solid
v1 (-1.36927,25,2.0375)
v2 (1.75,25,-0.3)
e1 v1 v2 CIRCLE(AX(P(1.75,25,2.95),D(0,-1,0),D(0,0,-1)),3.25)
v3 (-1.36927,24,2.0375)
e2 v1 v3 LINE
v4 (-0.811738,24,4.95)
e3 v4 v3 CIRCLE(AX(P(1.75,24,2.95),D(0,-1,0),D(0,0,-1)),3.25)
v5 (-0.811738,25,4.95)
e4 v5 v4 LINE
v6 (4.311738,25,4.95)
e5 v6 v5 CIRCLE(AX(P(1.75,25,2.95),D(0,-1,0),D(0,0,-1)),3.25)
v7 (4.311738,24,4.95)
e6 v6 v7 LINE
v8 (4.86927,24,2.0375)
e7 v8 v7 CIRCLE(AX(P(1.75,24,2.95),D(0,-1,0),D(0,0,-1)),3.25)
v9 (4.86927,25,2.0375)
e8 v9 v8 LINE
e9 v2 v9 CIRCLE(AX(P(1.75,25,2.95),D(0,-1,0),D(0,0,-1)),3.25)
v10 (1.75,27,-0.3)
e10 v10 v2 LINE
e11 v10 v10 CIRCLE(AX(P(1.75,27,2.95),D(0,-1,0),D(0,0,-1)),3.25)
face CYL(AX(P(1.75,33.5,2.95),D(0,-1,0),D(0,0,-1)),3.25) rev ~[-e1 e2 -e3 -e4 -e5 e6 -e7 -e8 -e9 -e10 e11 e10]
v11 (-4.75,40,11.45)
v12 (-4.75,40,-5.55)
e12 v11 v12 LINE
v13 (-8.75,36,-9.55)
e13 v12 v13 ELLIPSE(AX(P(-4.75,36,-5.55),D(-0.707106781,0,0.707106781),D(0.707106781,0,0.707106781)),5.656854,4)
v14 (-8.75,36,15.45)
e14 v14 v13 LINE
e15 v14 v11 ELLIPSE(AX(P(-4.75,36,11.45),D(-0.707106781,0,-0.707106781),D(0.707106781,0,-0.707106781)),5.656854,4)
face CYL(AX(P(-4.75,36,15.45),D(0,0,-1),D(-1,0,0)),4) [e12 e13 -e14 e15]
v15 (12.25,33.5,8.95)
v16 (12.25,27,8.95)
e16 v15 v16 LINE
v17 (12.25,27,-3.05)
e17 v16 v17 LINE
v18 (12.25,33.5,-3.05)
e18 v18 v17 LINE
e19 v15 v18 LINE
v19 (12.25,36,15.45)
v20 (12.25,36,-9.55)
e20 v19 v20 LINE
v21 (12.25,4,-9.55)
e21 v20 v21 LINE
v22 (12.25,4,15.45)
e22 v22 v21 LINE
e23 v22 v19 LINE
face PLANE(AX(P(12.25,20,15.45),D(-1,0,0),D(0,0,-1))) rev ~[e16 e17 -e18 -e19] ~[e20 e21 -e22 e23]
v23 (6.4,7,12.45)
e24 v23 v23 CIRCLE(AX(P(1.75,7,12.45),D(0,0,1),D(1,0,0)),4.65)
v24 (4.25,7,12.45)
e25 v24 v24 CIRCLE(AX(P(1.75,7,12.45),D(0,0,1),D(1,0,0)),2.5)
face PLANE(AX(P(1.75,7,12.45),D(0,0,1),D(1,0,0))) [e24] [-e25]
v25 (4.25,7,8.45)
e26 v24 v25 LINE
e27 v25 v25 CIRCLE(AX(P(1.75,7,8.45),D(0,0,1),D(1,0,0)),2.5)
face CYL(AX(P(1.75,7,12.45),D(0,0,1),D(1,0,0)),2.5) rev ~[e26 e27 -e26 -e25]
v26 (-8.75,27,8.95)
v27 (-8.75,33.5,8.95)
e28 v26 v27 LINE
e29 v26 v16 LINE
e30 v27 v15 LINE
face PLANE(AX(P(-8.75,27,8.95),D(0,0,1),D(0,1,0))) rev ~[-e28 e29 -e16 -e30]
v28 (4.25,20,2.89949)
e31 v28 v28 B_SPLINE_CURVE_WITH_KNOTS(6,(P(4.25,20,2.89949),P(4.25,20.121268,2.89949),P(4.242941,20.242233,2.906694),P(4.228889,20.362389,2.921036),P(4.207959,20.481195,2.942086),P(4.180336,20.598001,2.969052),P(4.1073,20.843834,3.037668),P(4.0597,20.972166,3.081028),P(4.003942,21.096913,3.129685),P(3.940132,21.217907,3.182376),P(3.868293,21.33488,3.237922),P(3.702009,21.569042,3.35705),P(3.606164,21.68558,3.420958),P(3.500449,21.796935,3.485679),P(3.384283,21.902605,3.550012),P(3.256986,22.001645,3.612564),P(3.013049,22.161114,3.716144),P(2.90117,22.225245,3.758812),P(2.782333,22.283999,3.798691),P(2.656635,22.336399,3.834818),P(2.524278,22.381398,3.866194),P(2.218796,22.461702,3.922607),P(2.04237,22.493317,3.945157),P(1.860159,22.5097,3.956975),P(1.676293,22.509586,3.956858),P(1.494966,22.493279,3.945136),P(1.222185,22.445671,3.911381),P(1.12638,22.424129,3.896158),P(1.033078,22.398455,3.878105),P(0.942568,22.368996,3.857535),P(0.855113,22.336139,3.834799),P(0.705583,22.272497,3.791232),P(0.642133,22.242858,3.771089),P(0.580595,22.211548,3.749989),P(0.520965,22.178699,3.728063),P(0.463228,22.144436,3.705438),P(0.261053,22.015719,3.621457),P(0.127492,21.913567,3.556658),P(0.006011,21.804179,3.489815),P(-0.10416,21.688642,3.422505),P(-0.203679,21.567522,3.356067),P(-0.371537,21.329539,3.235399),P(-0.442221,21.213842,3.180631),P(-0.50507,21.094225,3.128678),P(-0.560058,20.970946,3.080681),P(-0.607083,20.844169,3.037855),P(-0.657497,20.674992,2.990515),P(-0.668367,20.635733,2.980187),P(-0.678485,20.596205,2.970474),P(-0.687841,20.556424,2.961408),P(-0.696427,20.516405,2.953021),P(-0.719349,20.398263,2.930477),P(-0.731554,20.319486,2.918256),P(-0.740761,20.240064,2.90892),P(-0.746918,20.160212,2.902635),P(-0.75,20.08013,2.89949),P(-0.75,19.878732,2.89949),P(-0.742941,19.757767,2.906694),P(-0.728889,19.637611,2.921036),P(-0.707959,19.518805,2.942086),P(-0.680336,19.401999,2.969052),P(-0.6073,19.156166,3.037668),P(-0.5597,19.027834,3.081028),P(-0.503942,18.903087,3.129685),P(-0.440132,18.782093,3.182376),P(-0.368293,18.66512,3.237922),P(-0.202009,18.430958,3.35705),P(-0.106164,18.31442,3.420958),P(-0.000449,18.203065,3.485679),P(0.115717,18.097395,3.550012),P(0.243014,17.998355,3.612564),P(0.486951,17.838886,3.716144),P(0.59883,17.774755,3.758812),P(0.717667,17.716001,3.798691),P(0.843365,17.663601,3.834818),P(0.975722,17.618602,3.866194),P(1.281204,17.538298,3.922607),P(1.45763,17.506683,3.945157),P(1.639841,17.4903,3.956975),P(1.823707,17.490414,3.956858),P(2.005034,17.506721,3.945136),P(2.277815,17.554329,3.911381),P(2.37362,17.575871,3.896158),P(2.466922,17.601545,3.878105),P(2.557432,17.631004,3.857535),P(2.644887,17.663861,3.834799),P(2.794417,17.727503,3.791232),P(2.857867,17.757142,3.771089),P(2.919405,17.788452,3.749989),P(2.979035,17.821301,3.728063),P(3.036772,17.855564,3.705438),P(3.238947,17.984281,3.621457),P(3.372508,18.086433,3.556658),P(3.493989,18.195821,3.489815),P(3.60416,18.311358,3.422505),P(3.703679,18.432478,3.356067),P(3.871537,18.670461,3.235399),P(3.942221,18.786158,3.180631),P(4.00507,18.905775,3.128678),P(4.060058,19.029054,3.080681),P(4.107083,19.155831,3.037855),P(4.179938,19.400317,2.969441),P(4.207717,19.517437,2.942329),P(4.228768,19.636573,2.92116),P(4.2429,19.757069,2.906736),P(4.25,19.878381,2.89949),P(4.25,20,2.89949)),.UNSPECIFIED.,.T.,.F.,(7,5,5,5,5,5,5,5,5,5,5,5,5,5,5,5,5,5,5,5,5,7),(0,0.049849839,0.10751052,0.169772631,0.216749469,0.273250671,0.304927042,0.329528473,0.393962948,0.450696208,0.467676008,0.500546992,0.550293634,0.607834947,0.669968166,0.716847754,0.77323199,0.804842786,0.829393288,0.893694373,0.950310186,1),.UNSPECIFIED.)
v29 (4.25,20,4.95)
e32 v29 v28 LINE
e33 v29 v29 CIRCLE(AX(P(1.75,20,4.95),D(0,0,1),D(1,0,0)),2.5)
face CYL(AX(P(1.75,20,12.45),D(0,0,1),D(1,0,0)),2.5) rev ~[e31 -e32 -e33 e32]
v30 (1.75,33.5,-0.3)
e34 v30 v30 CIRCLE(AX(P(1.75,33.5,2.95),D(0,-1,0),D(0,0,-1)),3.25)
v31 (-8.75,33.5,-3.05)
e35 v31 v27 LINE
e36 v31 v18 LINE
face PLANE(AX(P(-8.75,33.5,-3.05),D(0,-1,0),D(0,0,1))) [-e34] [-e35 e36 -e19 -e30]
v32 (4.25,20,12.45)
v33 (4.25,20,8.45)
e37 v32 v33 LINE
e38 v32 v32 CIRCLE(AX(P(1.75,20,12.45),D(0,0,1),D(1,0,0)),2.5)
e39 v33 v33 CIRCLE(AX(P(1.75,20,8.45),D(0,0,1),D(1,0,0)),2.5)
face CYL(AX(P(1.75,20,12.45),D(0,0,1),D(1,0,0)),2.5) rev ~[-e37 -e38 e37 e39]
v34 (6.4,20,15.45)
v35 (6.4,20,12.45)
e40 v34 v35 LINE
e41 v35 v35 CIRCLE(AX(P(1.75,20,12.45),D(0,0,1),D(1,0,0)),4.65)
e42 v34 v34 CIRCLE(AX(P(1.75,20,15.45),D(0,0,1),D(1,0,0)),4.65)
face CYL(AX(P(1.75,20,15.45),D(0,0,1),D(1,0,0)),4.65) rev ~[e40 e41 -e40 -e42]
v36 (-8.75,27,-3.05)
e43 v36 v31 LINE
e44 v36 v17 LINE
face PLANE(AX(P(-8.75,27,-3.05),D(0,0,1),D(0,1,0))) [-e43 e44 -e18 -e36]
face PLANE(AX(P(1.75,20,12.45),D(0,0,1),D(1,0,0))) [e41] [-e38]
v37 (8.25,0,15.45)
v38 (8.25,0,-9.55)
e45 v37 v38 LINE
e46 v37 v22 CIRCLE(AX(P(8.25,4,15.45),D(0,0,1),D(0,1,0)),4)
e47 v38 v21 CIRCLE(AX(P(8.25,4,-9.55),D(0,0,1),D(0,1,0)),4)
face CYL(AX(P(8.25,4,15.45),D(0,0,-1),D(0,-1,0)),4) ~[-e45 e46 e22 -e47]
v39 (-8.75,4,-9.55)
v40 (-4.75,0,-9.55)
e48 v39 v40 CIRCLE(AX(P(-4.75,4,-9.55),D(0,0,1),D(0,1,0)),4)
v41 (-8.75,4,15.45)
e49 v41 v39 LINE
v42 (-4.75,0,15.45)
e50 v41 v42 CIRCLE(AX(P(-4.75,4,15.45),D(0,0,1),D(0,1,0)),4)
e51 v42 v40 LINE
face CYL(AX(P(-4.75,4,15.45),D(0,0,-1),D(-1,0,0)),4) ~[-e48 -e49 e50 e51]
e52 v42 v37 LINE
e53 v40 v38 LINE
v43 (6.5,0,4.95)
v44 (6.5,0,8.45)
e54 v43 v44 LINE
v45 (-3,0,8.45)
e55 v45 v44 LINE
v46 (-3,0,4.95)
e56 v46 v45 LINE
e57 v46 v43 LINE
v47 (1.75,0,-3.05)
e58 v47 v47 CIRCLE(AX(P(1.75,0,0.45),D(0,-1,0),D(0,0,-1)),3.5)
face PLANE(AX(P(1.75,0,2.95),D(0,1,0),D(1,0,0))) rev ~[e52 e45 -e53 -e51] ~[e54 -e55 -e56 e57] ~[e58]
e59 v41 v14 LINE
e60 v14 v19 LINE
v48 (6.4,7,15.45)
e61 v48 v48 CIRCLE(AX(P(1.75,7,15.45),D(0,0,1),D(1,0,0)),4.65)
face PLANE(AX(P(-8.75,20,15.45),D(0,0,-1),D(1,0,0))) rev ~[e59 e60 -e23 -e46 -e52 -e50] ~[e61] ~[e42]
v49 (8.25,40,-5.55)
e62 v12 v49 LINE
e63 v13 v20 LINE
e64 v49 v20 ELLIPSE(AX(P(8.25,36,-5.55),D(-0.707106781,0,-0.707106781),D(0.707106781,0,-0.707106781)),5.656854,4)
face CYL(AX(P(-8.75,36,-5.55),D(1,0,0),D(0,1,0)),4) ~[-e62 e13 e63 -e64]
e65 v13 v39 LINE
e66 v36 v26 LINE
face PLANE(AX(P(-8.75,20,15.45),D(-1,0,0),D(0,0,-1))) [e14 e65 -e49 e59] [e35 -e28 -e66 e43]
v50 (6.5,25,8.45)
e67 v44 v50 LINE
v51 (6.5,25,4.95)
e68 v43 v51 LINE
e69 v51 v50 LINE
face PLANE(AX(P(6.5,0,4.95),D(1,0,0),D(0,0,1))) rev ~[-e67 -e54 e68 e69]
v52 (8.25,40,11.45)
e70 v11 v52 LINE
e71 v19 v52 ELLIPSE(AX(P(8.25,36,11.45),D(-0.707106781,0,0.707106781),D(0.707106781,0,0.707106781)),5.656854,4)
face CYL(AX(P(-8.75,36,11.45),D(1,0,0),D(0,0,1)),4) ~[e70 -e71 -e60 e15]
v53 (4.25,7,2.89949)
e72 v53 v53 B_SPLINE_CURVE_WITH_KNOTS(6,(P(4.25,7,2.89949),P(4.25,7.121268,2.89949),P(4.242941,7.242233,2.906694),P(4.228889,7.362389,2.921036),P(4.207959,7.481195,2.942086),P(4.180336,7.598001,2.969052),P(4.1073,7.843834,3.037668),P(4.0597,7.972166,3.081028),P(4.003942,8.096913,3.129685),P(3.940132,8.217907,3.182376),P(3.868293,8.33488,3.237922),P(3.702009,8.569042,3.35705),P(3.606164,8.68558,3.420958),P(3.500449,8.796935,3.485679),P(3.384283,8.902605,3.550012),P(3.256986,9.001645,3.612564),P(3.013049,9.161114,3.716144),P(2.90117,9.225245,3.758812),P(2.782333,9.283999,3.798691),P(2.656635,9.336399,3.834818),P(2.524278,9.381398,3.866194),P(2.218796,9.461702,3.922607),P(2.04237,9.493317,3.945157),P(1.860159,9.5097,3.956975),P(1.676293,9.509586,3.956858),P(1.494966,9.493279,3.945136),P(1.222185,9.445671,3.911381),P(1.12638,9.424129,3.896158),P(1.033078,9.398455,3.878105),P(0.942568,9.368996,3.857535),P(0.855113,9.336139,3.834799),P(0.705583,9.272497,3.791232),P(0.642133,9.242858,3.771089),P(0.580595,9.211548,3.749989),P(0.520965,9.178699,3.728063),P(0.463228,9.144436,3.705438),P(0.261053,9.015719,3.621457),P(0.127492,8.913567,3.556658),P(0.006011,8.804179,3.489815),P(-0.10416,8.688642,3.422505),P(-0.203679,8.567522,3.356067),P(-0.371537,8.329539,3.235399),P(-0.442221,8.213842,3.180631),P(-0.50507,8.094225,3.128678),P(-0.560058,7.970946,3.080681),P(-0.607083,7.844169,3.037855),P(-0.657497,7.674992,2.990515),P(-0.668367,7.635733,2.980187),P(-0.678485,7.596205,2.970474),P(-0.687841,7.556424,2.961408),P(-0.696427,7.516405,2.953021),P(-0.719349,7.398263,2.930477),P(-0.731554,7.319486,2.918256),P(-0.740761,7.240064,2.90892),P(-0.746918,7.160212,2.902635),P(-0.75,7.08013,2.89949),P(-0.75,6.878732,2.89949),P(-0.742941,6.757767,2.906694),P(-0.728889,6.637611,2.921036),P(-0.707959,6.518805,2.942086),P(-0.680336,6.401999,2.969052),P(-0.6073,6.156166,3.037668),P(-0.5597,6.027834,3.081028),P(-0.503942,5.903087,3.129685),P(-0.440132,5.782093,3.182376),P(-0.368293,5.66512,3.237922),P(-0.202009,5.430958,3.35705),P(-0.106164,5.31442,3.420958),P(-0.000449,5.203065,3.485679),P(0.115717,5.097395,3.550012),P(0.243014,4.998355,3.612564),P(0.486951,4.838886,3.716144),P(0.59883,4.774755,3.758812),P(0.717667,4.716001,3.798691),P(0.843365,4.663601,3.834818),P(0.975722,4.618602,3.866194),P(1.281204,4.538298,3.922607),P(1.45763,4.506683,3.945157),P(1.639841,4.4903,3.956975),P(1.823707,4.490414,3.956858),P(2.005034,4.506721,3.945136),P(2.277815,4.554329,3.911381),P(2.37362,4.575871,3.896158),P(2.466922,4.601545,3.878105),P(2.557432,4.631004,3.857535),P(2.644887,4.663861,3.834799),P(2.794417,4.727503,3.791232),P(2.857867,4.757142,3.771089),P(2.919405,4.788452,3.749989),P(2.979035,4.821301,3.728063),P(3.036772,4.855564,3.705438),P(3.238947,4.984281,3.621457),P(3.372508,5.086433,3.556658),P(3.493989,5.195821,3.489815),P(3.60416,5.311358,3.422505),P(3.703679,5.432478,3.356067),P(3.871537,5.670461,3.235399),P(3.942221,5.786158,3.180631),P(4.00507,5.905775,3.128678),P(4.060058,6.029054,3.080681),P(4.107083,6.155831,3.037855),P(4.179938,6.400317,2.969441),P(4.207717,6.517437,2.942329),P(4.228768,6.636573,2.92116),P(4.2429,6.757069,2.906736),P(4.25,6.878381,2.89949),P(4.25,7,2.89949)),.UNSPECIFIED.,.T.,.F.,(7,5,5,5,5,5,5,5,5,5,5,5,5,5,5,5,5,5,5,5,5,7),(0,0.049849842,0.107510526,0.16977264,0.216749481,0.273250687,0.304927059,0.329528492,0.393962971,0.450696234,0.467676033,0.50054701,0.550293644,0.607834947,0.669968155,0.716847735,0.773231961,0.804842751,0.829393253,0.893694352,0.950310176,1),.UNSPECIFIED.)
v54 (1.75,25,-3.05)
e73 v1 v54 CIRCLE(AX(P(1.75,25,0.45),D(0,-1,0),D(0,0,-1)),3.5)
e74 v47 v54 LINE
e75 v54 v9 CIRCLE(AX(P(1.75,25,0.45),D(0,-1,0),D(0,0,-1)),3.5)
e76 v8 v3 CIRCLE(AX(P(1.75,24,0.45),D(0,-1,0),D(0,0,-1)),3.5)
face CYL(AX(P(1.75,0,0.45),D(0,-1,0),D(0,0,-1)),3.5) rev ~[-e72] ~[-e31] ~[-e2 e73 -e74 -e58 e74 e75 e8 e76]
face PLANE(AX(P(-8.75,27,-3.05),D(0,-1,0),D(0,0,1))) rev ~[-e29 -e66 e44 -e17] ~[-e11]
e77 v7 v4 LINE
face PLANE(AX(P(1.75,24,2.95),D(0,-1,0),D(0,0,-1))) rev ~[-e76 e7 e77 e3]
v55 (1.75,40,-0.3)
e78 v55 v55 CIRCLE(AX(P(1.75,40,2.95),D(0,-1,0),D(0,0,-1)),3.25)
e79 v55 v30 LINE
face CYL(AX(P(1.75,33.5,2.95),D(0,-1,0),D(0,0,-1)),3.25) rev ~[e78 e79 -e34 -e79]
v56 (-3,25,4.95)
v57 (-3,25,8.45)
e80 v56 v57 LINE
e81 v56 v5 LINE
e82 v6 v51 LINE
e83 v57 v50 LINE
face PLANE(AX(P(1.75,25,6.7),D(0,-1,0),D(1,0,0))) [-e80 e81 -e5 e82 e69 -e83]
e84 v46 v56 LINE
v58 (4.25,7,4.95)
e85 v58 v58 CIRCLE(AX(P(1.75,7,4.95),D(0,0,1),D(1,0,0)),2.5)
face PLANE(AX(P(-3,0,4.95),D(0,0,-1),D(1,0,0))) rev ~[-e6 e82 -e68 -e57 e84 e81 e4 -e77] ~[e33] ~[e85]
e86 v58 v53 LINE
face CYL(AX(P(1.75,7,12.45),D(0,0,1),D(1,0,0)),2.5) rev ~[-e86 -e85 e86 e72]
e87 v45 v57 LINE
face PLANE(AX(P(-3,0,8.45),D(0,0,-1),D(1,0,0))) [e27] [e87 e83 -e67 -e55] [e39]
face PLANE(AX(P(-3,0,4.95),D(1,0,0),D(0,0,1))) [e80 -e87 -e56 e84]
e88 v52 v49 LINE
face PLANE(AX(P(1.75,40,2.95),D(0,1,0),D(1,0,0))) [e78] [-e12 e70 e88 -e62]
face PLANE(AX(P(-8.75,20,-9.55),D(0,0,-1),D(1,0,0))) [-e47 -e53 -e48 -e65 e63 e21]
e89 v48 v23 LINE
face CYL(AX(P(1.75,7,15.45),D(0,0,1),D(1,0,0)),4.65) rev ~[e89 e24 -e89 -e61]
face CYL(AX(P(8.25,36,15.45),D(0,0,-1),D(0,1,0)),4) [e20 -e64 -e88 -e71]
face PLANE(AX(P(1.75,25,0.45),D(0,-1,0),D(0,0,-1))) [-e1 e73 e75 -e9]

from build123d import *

# Parameters (mm, degrees)
CROQUIS1_W                 = 21
CROQUIS1_H                 = 25
SALIENTE_EXTRUIR1_DEPTH    = 20
CROQUIS2_W                 = 21
CROQUIS2_H                 = 25
SALIENTE_EXTRUIR2_DEPTH    = 20
CORTAR_EXTRUIR1_REACH      = 49.746
CROQUIS3_W                 = 12
CROQUIS3_H                 = 6.5
CROQUIS5_R                 = 3.5
CROQUIS5_W                 = 9.5
CROQUIS5_H                 = 3.5
CORTAR_EXTRUIR3_DEPTH      = 25
CROQUIS6_R                 = 4.65
CORTAR_EXTRUIR4_DEPTH      = 3
CORTAR_EXTRUIR5_REACH      = 49.266
CORTAR_EXTRUIR5_END_RADIUS = 3.5
CROQUIS7_R                 = 2.5
REDONDEO4_R                = 4
CROQUIS8_R                 = 3.25
CORTAR_EXTRUIR6_DEPTH      = 9.5
REDONDEO5_R                = 4


with BuildPart() as part:
    # Croquis1 → Saliente-Extruir1 (new body)
    with BuildSketch(Plane(origin=(0, 0, 0), x_dir=(1, 0, 0), z_dir=(0, 1, 0))):
        with Locations((1.75, -2.95)):
            Rectangle(CROQUIS1_W, CROQUIS1_H)
    extrude(amount=SALIENTE_EXTRUIR1_DEPTH)

    # Croquis2 → Saliente-Extruir2 (add)
    with BuildSketch(Plane(origin=(0, 20, 0), x_dir=(1, 0, 0), z_dir=(0, 1, 0))):
        with Locations((1.75, -2.95)):
            Rectangle(CROQUIS2_W, CROQUIS2_H)
    extrude(amount=SALIENTE_EXTRUIR2_DEPTH)

    # Croquis3 → Cortar-Extruir1 (cut, up to next)
    with BuildSketch(Plane.ZY.offset(8.75), mode=Mode.PRIVATE) as cortar_extruir1_sk1:
        with Locations((2.95, 30.25)):
            Rectangle(CROQUIS3_W, CROQUIS3_H)
    cortar_extruir1_tool1 = extrude(cortar_extruir1_sk1.sketch, amount=-CORTAR_EXTRUIR1_REACH, mode=Mode.PRIVATE) & part.part
    add(cortar_extruir1_tool1.solids().sort_by_distance((-8.75, 30.25, 2.95))[0], mode=Mode.SUBTRACT)

    # Croquis5 → Cortar-Extruir3 (cut)
    with BuildSketch(Plane.XZ):
        with Locations(Location((1.75, 0.45, 0), (0, 0, 270))):
            Circle(CROQUIS5_R)
        with Locations((1.75, 6.7)):
            Rectangle(CROQUIS5_W, CROQUIS5_H)
    extrude(amount=-CORTAR_EXTRUIR3_DEPTH, mode=Mode.SUBTRACT)

    # Croquis6 → Cortar-Extruir4 (cut)
    with BuildSketch(Plane.XY.offset(15.45)):
        with Locations((1.75, 7)):
            Circle(CROQUIS6_R)
        with Locations((1.75, 20)):
            Circle(CROQUIS6_R)
    extrude(amount=-CORTAR_EXTRUIR4_DEPTH, mode=Mode.SUBTRACT)

    # Cortar-Extruir5: up to this cylinder (the profile starts outside it)
    cortar_extruir5_end = Plane(origin=(1.75, 13.5, 0.45), z_dir=(0, -1, 0)) * Cylinder(CORTAR_EXTRUIR5_END_RADIUS, 119.532, mode=Mode.PRIVATE)
    # Croquis7 → Cortar-Extruir5 (cut, up to the surface)
    with BuildSketch(Plane.XY.offset(12.45), mode=Mode.PRIVATE) as cortar_extruir5_sk1:
        with Locations((1.75, 20)):
            Circle(CROQUIS7_R)
    cortar_extruir5_tool1 = extrude(cortar_extruir5_sk1.sketch, amount=-CORTAR_EXTRUIR5_REACH, mode=Mode.PRIVATE) - cortar_extruir5_end
    add(cortar_extruir5_tool1.solids().sort_by_distance((1.75, 20, 12.45))[0], mode=Mode.SUBTRACT)
    # Croquis7 → Cortar-Extruir5 (cut, up to the surface)
    with BuildSketch(Plane.XY.offset(12.45), mode=Mode.PRIVATE) as cortar_extruir5_sk2:
        with Locations((1.75, 7)):
            Circle(CROQUIS7_R)
    cortar_extruir5_tool2 = extrude(cortar_extruir5_sk2.sketch, amount=-CORTAR_EXTRUIR5_REACH, mode=Mode.PRIVATE) - cortar_extruir5_end
    add(cortar_extruir5_tool2.solids().sort_by_distance((1.75, 7, 12.45))[0], mode=Mode.SUBTRACT)

    # Redondeo4
    redondeo4_edges = [part.edges().sort_by_distance(p)[0] for p in [
        (12.25, 0, 2.95),
        (-8.75, 0, 2.95),
    ]]
    fillet(redondeo4_edges, radius=REDONDEO4_R)

    # Croquis8 → Cortar-Extruir6 (cut, symmetric)
    with BuildSketch(Plane.XZ.offset(-33.5)):
        with Locations(Location((1.75, 2.95, 0), (0, 0, 270))):
            Circle(CROQUIS8_R)
    extrude(amount=CORTAR_EXTRUIR6_DEPTH, both=True, mode=Mode.SUBTRACT)

    # Redondeo5
    redondeo5_edges = [part.edges().sort_by_distance(p)[0] for p in [
        (1.75, 40, 15.45),
        (12.25, 40, 2.95),
        (1.75, 40, -9.55),
        (-8.75, 40, 2.95),
    ]]
    fillet(redondeo5_edges, radius=REDONDEO5_R)


solid = part.part
